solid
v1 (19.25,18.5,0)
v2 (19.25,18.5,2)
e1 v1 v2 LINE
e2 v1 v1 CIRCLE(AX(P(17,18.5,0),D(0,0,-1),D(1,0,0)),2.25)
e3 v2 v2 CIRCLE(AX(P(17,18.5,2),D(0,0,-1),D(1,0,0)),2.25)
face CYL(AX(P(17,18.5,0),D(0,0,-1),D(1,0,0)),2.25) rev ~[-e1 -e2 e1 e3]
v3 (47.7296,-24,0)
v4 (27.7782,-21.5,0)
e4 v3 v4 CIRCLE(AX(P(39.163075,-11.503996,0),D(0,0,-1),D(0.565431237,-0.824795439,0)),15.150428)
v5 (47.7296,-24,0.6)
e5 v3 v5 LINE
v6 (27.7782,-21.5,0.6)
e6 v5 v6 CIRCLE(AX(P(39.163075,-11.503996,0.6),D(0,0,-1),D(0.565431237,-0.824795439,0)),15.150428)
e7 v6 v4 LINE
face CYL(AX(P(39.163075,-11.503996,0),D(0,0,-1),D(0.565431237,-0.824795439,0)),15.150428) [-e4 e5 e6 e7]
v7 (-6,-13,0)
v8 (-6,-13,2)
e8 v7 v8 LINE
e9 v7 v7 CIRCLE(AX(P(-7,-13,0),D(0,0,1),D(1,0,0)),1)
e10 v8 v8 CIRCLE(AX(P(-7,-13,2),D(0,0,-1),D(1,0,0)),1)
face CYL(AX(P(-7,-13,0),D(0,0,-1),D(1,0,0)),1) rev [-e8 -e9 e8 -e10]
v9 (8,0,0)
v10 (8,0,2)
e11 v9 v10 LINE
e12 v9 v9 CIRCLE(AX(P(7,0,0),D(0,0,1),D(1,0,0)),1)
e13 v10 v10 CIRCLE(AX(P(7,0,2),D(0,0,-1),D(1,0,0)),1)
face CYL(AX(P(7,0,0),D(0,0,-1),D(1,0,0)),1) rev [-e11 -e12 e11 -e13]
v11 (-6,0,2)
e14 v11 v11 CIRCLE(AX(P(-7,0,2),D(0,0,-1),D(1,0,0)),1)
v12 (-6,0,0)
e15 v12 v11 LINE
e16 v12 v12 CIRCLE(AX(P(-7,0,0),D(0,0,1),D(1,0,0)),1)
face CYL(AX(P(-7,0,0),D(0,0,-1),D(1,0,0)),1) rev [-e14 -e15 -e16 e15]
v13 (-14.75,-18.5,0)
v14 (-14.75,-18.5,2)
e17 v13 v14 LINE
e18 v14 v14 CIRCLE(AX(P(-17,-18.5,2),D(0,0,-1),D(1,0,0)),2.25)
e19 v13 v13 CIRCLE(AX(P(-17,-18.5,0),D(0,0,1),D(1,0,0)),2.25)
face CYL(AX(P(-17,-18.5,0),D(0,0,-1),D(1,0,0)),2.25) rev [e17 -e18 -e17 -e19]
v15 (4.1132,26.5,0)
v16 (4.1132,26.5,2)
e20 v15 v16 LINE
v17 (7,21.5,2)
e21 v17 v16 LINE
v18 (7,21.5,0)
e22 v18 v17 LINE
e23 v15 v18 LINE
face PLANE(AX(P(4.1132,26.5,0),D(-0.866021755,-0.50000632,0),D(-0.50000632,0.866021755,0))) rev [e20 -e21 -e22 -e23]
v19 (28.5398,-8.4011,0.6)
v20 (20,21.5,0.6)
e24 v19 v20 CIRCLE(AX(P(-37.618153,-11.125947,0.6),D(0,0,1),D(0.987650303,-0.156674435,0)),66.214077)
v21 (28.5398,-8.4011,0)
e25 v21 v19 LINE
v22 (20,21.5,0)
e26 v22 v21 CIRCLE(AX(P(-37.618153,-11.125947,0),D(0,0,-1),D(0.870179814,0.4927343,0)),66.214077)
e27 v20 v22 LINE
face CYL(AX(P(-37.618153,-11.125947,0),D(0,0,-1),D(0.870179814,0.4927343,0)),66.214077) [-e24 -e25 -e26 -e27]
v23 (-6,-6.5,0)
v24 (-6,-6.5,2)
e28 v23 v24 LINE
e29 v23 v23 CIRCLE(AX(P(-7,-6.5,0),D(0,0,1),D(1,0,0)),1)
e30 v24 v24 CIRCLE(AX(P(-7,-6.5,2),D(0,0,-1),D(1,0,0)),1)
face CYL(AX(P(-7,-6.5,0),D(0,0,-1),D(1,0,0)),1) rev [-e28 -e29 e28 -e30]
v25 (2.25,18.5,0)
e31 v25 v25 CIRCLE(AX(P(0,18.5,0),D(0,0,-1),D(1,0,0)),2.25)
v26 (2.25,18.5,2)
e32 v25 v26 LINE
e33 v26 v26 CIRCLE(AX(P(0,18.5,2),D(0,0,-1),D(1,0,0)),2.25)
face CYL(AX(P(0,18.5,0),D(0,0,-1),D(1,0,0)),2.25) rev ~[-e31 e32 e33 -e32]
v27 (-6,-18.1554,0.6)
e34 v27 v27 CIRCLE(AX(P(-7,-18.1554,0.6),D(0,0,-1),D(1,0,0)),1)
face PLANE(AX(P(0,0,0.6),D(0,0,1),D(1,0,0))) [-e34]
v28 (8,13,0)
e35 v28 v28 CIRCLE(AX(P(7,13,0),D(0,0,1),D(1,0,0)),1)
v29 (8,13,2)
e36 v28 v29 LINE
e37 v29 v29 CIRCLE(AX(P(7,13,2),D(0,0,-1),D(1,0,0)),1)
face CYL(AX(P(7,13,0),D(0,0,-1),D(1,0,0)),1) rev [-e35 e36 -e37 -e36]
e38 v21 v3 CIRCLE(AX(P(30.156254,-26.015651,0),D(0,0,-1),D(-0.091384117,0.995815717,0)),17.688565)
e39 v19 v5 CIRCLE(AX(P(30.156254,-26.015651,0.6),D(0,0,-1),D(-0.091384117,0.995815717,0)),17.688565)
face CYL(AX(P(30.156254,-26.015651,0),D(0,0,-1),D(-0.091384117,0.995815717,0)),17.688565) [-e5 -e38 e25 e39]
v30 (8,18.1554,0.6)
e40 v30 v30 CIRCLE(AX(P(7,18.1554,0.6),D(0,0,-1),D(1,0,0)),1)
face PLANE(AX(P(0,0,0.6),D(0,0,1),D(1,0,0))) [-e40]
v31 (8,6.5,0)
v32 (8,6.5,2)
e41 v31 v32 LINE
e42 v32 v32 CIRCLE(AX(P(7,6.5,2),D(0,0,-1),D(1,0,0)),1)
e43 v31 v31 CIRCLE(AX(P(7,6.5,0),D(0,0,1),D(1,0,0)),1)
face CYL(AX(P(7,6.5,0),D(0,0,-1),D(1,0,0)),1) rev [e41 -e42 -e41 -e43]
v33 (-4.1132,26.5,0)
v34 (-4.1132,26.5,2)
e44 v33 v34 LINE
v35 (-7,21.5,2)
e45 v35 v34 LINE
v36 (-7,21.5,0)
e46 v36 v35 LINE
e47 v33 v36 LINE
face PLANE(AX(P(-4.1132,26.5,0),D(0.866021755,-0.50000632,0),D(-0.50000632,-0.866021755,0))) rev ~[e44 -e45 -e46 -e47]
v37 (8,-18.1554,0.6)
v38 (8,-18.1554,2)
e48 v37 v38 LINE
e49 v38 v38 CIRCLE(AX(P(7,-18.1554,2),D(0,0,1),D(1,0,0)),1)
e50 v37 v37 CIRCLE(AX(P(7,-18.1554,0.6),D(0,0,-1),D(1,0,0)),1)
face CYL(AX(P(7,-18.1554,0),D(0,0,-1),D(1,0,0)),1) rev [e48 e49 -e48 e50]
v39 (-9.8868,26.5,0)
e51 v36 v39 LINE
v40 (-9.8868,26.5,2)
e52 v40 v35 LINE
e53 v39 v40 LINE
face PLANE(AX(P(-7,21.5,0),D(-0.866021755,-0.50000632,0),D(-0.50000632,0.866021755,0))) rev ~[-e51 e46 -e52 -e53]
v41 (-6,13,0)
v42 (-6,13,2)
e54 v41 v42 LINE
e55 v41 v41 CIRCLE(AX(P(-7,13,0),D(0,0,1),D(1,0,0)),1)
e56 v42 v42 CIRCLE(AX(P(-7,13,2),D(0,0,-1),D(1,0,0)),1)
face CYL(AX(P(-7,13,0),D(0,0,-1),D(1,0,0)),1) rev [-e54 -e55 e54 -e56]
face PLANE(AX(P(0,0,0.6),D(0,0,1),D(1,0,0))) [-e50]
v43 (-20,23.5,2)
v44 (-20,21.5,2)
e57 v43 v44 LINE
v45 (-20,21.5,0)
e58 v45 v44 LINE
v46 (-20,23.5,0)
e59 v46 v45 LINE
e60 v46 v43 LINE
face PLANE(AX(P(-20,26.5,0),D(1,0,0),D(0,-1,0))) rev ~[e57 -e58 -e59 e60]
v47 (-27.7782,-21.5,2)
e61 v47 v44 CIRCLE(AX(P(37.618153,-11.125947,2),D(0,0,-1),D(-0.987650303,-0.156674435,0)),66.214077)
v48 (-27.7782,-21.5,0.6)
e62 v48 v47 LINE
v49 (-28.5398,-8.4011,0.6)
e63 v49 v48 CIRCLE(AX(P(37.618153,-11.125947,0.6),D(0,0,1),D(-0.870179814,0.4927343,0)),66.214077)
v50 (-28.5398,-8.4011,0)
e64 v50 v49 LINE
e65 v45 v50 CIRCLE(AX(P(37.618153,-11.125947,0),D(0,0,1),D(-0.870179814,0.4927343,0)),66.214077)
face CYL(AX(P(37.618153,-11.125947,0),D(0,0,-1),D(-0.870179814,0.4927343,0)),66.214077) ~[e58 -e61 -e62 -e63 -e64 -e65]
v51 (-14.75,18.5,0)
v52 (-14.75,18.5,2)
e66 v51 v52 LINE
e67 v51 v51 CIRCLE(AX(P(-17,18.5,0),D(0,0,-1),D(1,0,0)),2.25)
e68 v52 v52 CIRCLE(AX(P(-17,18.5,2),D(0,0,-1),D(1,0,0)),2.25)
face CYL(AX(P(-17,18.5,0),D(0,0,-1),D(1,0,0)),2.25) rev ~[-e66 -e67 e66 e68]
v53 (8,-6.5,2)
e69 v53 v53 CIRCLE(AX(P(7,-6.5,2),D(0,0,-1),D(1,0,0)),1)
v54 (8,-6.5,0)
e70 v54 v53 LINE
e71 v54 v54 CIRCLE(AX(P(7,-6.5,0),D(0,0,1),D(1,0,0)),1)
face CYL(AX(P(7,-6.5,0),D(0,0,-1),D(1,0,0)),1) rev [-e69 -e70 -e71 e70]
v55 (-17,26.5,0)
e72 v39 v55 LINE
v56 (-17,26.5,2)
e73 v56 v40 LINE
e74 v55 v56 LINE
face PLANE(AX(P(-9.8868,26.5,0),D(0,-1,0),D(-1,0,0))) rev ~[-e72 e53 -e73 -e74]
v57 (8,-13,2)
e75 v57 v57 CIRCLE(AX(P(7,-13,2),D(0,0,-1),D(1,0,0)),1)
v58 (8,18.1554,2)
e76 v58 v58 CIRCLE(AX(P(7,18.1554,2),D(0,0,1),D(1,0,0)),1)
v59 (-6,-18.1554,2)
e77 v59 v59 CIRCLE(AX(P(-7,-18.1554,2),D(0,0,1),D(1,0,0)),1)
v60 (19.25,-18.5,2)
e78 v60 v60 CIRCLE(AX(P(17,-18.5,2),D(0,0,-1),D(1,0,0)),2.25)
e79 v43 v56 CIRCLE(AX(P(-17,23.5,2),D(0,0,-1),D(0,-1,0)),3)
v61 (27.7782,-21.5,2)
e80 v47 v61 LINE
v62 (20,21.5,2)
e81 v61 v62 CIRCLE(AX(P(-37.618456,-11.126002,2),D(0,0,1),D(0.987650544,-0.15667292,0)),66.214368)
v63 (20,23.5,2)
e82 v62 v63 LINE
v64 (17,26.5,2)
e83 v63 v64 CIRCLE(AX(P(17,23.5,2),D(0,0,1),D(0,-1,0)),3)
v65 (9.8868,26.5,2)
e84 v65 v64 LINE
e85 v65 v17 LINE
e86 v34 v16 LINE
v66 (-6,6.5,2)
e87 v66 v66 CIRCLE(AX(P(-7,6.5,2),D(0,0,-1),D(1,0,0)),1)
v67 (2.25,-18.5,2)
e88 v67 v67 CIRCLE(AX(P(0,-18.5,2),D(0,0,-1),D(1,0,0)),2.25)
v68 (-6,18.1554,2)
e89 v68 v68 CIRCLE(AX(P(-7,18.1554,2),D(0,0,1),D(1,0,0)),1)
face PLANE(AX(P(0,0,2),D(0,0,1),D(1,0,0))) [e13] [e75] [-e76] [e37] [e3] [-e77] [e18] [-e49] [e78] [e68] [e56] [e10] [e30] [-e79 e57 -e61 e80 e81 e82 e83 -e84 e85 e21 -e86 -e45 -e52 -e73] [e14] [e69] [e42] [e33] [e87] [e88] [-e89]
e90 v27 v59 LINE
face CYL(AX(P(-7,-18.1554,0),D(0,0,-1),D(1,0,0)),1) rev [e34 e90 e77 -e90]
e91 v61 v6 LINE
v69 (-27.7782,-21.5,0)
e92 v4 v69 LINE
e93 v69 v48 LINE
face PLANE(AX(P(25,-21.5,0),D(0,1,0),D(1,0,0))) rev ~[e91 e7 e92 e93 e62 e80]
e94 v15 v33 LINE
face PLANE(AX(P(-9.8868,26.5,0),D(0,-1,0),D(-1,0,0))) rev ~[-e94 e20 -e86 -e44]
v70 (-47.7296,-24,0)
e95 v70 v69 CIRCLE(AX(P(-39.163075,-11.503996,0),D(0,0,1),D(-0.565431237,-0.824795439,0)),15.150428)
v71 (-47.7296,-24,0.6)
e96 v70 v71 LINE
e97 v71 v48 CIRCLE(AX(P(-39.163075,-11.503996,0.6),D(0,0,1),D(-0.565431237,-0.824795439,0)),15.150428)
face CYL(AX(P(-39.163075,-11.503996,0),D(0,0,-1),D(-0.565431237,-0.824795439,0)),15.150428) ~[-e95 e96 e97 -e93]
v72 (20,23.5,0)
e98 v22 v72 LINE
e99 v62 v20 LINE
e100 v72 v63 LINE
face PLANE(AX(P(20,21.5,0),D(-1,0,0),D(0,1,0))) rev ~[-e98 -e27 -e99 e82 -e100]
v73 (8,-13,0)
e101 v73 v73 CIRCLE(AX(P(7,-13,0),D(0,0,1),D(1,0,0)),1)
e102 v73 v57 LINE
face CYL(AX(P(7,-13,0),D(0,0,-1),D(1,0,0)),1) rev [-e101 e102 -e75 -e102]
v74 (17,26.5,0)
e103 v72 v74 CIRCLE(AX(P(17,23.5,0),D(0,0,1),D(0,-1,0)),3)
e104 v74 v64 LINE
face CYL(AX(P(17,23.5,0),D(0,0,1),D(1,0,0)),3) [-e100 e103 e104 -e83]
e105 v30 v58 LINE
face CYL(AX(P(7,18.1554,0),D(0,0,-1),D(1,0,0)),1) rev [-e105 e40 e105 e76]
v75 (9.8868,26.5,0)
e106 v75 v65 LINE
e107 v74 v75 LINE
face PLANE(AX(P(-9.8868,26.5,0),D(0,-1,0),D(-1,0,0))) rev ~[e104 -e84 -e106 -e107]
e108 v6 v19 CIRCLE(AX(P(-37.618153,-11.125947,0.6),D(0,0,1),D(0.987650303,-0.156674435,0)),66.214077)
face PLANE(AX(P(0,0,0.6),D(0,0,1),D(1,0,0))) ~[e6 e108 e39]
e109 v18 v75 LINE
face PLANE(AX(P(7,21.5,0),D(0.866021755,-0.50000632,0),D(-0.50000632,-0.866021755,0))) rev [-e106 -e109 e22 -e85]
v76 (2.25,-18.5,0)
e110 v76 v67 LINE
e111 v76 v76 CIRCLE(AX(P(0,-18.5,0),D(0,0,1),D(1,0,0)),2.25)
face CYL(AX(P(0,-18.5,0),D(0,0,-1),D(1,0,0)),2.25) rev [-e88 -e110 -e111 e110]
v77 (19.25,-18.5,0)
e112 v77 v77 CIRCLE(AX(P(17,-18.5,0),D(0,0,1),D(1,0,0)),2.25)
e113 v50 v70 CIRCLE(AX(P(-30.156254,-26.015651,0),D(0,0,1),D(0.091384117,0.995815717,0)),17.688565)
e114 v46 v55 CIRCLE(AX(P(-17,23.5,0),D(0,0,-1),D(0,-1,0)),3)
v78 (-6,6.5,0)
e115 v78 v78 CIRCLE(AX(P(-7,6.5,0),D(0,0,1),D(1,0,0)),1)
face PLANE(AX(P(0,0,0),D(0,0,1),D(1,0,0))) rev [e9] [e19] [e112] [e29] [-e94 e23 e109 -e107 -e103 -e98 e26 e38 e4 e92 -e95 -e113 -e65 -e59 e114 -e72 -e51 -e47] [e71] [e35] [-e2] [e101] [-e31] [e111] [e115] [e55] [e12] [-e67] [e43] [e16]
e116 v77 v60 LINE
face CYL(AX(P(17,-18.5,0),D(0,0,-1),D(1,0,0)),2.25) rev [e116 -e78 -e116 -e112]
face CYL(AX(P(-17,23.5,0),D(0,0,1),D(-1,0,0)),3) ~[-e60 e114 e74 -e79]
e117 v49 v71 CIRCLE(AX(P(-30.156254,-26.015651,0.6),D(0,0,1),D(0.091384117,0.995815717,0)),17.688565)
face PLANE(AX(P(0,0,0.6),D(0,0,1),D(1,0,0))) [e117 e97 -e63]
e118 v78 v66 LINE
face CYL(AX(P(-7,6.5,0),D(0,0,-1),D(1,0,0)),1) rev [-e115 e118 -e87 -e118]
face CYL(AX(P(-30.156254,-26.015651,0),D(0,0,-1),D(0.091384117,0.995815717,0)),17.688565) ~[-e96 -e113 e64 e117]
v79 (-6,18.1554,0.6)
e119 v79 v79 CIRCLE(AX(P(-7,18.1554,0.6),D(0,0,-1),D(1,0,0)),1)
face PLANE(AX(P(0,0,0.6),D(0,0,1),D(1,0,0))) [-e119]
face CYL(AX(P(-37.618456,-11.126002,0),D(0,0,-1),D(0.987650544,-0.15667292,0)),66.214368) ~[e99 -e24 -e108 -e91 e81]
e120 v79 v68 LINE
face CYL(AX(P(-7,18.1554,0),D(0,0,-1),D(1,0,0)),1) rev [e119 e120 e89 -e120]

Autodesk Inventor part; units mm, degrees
ref_plane "YZ Plane" through (0, 0, 0) normal (1, 0, 0) x (0, 1, 0)
ref_plane "XZ Plane" through (0, 0, 0) normal (0, 1, 0) x (-1, 0, 0)
ref_plane "XY Plane" through (0, 0, 0) normal (0, 0, 1) x (1, 0, 0)
sketch "Block1" plane through (0, 0, 0) normal (0, 0, 1) x (1, 0, 0)
  line L0 (22.5674, 54.9733) -> (22.5674, 26.9733) construction
  line L1 (62.5674, 54.9733) -> (62.5674, 26.9733) construction
  line L2 (42.5674, 54.9733) -> (42.5674, 26.9733) construction
  arc A0 (22.5674, 54.9733) -> (16.0189, 31.9733) centre (39.6923, 37.6653) ccw
  arc A1 (69.116, 31.9733) -> (62.5674, 54.9733) centre (45.4425, 37.6653) ccw
  line L3 (67.5674, 31.9733) -> (69.116, 31.9733)
  line L4 (22.5674, 54.9733) -> (62.5674, 54.9733)
  arc A2 (3.175, 28.049) -> (16.0189, 31.9733) centre (7.7246, 36.1392) ccw
  arc A3 (15.3685, 38.7512) -> (3.175, 28.049) centre (13.5542, 28.5209) ccw
  arc A4 (69.116, 31.9733) -> (81.9598, 28.049) centre (77.4102, 36.1392) ccw
  arc A5 (81.9598, 28.049) -> (69.7664, 38.7512) centre (71.5807, 28.5209) ccw
  line L5 (17.5674, 54.9733) -> (67.5674, 54.9733) construction
  line L6 (67.5674, 54.9733) -> (67.5674, 31.9733) construction
  line L7 (67.5674, 31.9733) -> (16.0189, 31.9733)
  line L8 (17.5674, 31.9733) -> (17.5674, 54.9733) construction
  line L9 (22.5674, 31.9733) -> (62.5674, 31.9733)
  line L10 (62.5674, 31.9733) -> (62.5674, 26.9733)
  line L11 (62.5674, 26.9733) -> (22.5674, 26.9733)
  line L12 (22.5674, 26.9733) -> (22.5674, 31.9733)
  circle A6 centre (35.5674, 51.6287) radius 1
  circle A7 centre (49.5674, 51.6287) radius 1
  line L13 (22.5674, 29.4733) -> (62.5674, 29.4733) construction
  circle A8 centre (35.5674, 29.4733) radius 1
  circle A9 centre (49.5674, 29.4733) radius 1
  point P0 (42.5377, 37.3132)
  point P1 (42.5674, 31.9733)
  point P2 (42.5674, 31.9733)
  point P3 (17.5674, 26.9733)
  point P4 (67.5674, 26.9733)
  dimension "d0" = 23
  dimension "d1" = 5
  dimension "d2" = 40
  dimension "d3" = 2
  dimension "d4" = 2
  dimension "d5" = 7
  dimension "d6" = 7
  dimension "d7" = 2
  dimension "d8" = 2
  dimension "d9" = 7
  dimension "d10" = 7
sketch "Sketch1" plane through (0, 0, 0) normal (0, 0, 1) x (1, 0, 0)
  line L0 (-20, 21.5) -> (-20, -26.5) construction
  line L1 (20, 21.5) -> (20, -26.5) construction
  line L2 (0, 21.5) -> (0, -26.5) construction
  arc A0 (-20, 21.5) -> (-27.7782, -21.5) centre (37.6183, -11.126) ccw
  arc A1 (27.7782, -21.5) -> (20, 21.5) centre (-37.6183, -11.126) ccw
  line L3 (25, -21.5) -> (27.7782, -21.5)
  line L4 (-20, 21.5) -> (20, 21.5)
  line L5 (-25, 21.5) -> (25, 21.5) construction
  line L6 (25, 21.5) -> (25, -21.5) construction
  line L7 (25, -21.5) -> (-27.7782, -21.5)
  line L8 (-25, -21.5) -> (-25, 21.5) construction
  line L9 (-20, -21.5) -> (20, -21.5)
  line L10 (20, -21.5) -> (20, -26.5)
  line L11 (20, -26.5) -> (-20, -26.5)
  line L12 (-20, -26.5) -> (-20, -21.5)
  circle A2 centre (-7, 18.1554) radius 1
  circle A3 centre (7, 18.1554) radius 1
  line L13 (-20, -24) -> (20, -24) construction
  circle A4 centre (-7, -24) radius 1
  circle A5 centre (7, -24) radius 1
  circle A6 centre (-17, -18.5) radius 2.25
  circle A7 centre (17, -18.5) radius 2.25
  circle A8 centre (0, -18.5) radius 2.25
  line L14 (-25, 0) -> (25, 0) construction
  line L15 (-20, 21.5) -> (20, 21.5)
  line L16 (20, 21.5) -> (20, 26.5)
  line L17 (20, 26.5) -> (-20, 26.5)
  line L18 (-20, 26.5) -> (-20, 21.5)
  line L19 (-7, 18.1554) -> (-7, 26.5) construction
  line L20 (-7, 21.5) -> (-9.8868, 26.5)
  line L21 (-9.8868, 26.5) -> (-4.1132, 26.5)
  line L22 (-4.1132, 26.5) -> (-7, 21.5)
  circle A9 centre (-7, 0) radius 1
  circle A10 centre (7, 0) radius 1
  circle A11 centre (-7, -18.1554) radius 1
  circle A12 centre (7, -18.1554) radius 1
  arc A13 (-47.7296, -24) -> (-27.7782, -21.5) centre (-39.1631, -11.5041) ccw
  arc A14 (-28.5398, -8.4011) -> (-47.7296, -24) centre (-30.1563, -26.0155) ccw
  arc A15 (27.7782, -21.5) -> (47.7296, -24) centre (39.1631, -11.5041) ccw
  arc A16 (47.7296, -24) -> (28.5398, -8.4011) centre (30.1563, -26.0155) ccw
  point P0 (0, 0)
  point P1 (0, -21.5)
  point P2 (0, -21.5)
  point P3 (-27.9814, 24.963)
  point P4 (27.9814, 24.963)
  point P5 (0, -2.5)
  point P6 (0, 0)
  dimension "d12" = 43
  dimension "d13" = 5
  dimension "d14" = 40
  dimension "d15" = 2
  dimension "d16" = 2
  dimension "d17" = 7
  dimension "d18" = 7
  dimension "d19" = 2
  dimension "d20" = 2
  dimension "d21" = 7
  dimension "d22" = 7
  dimension "d24" = 4.5
  dimension "d25" = 4.5
  dimension "d26" = 3
  dimension "d27" = 3
  dimension "d28" = 3
  dimension "d29" = 3
  dimension "d34" = 4.5
  dimension "d35" = 3
  dimension "d38" = 5
  dimension "d39" = 30
  dimension "d40" = 30
  dimension "d45" = 3.3446
  dimension "d46" = 3.3446
  dimension "d47" = 2
  dimension "d48" = 2
  dimension "d49" = 7
  dimension "d50" = 7
extrude "Extrusion1" add sketch "Sketch1" along normal blind 2 contours L4 A1 L3 L7 A0 | A6 | A7 | A8 | A9 | A10
extrude "Extrusion2" add sketch "Sketch1" along normal blind 0.6 contours L4 A1 L3 L7 A0 | A2 | A3 | A6 | A7 | A8 | A9 | A10 | A11 | A12
mirror "Mirror1" about plane through (0, 0, 0) normal (1, 0, 0) of "Extrusion2"
extrude "Extrusion3" cut sketch "Sketch1" along normal blind 5 contours A6 | A7 | A8
mirror "Mirror2" about plane through (0, 0, 0) normal (0, 1, 0) of "Extrusion3"
extrude "Extrusion4" add sketch "Sketch1" along normal blind 2 contours L18 L17 L20 L4 | L22 L17 L16 L4 | L20 L17 L22
extrude "Extrusion5" cut sketch "Sketch1" along normal blind 5 contours L20 L17 L22
extrude "Extrusion7" add sketch "Sketch1" along normal blind 0.6 contours A0 A13 A14
mirror "Mirror3" about plane through (0, 0, 0) normal (1, 0, 0) of "Extrusion5", "Extrusion7"
fillet "Fillet1" radius 3 2 edges at (-20, 26.5, 1) (20, 26.5, 1)
extrude "Extrusion8" cut sketch "Sketch1" along normal blind 10 contours A9 | A10
pattern_linear "Rectangular Pattern1" count 3 spacing 6.5 along (0, 1, 0) count 3 spacing 6.5 along (0, -1, 0) of "Extrusion8"
equation "\"d3\" = d11"
equation "\"d4\" = d11"
equation "\"d7\" = d11"
equation "\"d8\" = d11"
equation "\"d15\" = fishing"
equation "\"d16\" = fishing"
equation "\"d19\" = fishing"
equation "\"d20\" = fishing"
equation "\"d47\" = fishing"
equation "\"d48\" = fishing"
equation "\"d56\" = 2 * layer"
equation "\"d11\" = 2"
equation "\"d23\" = 2"
equation "\"fishing\" = 2"
equation "\"layer\" = 0.3"
properties part number "Piece"
